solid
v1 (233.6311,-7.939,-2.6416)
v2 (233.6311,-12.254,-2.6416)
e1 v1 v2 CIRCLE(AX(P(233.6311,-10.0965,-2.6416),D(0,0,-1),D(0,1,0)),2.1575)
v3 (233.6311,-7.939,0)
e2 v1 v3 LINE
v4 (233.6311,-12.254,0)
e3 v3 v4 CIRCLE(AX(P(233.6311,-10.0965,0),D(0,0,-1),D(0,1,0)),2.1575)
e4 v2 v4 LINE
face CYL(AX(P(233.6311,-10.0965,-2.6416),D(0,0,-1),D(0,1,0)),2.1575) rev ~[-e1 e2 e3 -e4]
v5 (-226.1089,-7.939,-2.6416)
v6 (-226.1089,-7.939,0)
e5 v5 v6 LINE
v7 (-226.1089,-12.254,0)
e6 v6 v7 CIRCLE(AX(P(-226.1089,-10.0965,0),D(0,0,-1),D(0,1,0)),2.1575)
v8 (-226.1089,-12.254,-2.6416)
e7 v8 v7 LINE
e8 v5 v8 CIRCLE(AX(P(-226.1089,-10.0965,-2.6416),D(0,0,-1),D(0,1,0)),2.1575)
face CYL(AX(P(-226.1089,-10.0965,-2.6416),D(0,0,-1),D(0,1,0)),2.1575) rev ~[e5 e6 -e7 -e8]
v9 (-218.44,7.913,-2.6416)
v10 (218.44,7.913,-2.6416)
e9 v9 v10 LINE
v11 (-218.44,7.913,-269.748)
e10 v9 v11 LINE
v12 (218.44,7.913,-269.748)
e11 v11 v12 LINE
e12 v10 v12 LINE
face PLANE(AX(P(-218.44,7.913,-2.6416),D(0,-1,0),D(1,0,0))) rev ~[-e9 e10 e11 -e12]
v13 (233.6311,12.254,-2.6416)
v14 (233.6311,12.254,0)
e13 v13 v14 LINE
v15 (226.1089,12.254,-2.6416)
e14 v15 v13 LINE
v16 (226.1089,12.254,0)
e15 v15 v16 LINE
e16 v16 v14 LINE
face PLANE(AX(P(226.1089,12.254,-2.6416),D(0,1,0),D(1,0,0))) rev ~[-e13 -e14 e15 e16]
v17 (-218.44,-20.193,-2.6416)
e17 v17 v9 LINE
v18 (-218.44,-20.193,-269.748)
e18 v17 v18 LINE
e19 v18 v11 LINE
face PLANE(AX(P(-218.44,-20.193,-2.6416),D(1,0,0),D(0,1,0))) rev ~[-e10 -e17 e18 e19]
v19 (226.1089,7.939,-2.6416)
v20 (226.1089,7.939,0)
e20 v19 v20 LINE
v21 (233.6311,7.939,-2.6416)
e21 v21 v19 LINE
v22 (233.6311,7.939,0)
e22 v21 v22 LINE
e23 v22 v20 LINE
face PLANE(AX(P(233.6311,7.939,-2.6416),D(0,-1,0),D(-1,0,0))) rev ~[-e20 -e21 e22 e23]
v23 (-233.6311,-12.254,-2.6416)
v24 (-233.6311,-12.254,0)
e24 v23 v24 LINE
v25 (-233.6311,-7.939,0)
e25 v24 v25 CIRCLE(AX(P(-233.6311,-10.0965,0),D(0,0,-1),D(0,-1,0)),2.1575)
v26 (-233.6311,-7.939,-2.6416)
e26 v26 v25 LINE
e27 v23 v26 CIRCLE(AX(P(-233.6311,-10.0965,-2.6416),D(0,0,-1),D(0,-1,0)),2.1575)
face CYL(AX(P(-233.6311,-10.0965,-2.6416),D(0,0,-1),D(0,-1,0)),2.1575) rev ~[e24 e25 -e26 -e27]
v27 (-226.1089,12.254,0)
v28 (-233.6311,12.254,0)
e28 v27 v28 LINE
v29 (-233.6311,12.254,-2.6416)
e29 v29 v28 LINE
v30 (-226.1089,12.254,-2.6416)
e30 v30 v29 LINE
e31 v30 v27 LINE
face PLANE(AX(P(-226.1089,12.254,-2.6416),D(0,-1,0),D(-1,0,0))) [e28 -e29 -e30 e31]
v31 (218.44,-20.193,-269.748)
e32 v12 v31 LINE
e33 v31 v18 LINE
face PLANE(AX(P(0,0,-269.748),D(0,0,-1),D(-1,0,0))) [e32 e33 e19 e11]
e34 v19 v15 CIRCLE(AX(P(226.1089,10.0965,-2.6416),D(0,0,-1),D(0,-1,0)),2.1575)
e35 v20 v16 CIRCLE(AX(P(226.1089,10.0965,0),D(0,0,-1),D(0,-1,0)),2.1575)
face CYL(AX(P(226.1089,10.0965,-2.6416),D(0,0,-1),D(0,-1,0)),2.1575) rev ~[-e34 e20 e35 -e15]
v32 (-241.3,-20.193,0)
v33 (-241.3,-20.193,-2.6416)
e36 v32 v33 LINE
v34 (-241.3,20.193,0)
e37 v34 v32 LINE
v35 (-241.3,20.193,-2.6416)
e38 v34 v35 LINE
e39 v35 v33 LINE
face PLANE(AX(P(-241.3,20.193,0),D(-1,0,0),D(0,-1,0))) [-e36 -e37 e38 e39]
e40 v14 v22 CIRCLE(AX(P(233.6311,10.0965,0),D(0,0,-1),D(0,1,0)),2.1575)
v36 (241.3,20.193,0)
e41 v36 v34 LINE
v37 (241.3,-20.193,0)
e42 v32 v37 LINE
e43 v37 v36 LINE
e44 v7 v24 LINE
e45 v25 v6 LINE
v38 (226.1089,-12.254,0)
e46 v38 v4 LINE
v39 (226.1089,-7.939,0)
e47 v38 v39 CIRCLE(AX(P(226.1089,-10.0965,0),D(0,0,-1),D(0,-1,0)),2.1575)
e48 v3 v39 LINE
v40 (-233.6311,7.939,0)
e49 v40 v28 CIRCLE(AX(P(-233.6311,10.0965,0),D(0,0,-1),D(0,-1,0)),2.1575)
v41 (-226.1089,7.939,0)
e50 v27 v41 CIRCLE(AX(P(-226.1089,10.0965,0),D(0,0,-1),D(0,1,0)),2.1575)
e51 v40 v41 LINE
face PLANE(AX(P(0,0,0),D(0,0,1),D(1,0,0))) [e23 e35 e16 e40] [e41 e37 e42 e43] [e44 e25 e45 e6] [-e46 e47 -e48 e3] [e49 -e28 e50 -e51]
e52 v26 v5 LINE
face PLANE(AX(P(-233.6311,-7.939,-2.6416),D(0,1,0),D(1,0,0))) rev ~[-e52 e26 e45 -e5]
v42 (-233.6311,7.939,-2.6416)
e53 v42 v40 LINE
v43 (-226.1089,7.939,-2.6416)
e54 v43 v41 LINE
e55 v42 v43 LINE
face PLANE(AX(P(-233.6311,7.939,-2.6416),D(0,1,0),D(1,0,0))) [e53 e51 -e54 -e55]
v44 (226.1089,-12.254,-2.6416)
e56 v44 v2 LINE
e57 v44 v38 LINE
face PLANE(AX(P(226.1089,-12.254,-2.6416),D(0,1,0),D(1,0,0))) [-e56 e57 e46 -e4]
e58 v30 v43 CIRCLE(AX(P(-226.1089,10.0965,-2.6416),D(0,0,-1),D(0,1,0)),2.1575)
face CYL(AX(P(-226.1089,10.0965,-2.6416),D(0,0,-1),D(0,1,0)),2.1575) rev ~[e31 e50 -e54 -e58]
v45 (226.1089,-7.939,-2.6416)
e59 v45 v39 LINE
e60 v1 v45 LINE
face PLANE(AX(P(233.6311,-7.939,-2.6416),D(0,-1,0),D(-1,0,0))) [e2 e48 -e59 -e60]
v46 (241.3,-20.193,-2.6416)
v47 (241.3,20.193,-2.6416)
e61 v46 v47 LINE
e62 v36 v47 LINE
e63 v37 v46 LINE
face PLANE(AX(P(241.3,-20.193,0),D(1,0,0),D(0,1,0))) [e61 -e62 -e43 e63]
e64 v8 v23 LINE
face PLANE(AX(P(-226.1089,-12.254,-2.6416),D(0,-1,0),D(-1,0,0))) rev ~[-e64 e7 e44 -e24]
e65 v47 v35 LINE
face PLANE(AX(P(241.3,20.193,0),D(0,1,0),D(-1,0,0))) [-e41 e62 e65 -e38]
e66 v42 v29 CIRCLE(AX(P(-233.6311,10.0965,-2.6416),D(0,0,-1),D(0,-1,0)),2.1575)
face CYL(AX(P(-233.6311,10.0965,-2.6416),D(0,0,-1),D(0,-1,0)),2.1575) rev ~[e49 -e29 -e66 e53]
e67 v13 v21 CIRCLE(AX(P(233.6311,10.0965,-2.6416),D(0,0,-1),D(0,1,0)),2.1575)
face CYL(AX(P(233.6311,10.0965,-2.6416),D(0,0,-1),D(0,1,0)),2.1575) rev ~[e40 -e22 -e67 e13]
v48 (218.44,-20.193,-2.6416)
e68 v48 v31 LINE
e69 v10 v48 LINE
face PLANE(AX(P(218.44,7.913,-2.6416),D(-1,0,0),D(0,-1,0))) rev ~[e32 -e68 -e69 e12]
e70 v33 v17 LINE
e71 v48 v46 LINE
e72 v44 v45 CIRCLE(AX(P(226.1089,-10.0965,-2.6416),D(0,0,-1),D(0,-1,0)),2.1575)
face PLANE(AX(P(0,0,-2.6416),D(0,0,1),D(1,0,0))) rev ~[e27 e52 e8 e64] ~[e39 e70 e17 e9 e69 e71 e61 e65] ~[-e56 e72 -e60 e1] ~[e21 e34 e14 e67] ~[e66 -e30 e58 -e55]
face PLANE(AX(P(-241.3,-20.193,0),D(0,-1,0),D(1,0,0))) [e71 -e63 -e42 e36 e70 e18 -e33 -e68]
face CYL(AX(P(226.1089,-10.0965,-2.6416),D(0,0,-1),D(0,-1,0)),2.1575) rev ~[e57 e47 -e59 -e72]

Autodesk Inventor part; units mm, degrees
ref_plane "YZ Plane" through (0, 0, 0) normal (1, 0, 0) x (0, 1, 0)
ref_plane "XZ Plane" through (0, 0, 0) normal (0, 1, 0) x (-1, 0, 0)
ref_plane "XY Plane" through (0, 0, 0) normal (0, 0, 1) x (1, 0, 0)
sketch "Sketch1" plane through (0, 0, 0) normal (0, 0, 1) x (1, 0, 0)
  line L0 (-241.3, -20.193) -> (241.3, -20.193)
  line L1 (241.3, -20.193) -> (241.3, 20.193)
  line L2 (241.3, 20.193) -> (-241.3, 20.193)
  line L3 (-241.3, 20.193) -> (-241.3, -20.193)
  line L4 (-241.3, -20.193) -> (241.3, 20.193) construction
  line L5 (241.3, -20.193) -> (-241.3, 20.193) construction
  point P0 (0, 0)
  dimension "d0" = 482.6
  dimension "d1" = 40.386
extrude "Extrusion1" add sketch "Sketch1" against normal blind 2.6416
sketch "Sketch2" plane through (0, 0, -2.6416) normal (0, 0, -1) x (-1, 0, 0)
  line L0 (-241.3, -20.193) -> (241.3, -20.193) projected
  line L1 (-218.44, -20.193) -> (218.44, -20.193)
  line L2 (218.44, -20.193) -> (218.44, 7.913)
  line L3 (218.44, 7.913) -> (-218.44, 7.913)
  line L4 (-218.44, 7.913) -> (-218.44, -20.193)
  line L5 (0, -20.193) -> (0, 20.193) construction
  line L6 (241.3, 20.193) -> (-241.3, 20.193) projected
  point P0 (0, 0)
  dimension "d4" = 436.88
extrude "Extrusion2" add sketch "Sketch2" along normal blind 267.1064
sketch "Sketch3" plane through (0, 0, -2.6416) normal (0, 0, -1) x (-1, 0, 0)
  line L0 (-241.3, -20.193) -> (-218.44, -20.193) projected
  line L1 (-229.87, -20.193) -> (-229.87, 20.193) construction
  line L2 (229.87, -20.193) -> (229.87, 20.193) construction
  line L3 (241.3, -20.193) -> (241.3, 20.193) construction
  line L4 (241.3, 20.193) -> (-241.3, 20.193) construction
  line L5 (218.44, -20.193) -> (241.3, -20.193) construction
  line L6 (-233.6311, 10.0965) -> (-226.1089, 10.0965) construction
  line L7 (-233.6311, 7.939) -> (-226.1089, 7.939)
  line L8 (-226.1089, 12.254) -> (-233.6311, 12.254)
  arc A0 (-233.6311, 12.254) -> (-233.6311, 7.939) centre (-233.6311, 10.0965) ccw
  arc A1 (-226.1089, 7.939) -> (-226.1089, 12.254) centre (-226.1089, 10.0965) ccw
  line L9 (-241.3, 0) -> (241.3, 0) construction
  line L10 (-241.3, 20.193) -> (-241.3, -20.193) projected
  line L11 (-233.6311, -10.0965) -> (-226.1089, -10.0965) construction
  line L12 (-233.6311, -7.939) -> (-226.1089, -7.939)
  line L13 (-226.1089, -12.254) -> (-233.6311, -12.254)
  arc A2 (-233.6311, -7.939) -> (-233.6311, -12.254) centre (-233.6311, -10.0965) ccw
  arc A3 (-226.1089, -12.254) -> (-226.1089, -7.939) centre (-226.1089, -10.0965) ccw
  line L14 (0, 20.193) -> (0, -20.193) construction
  line L15 (-218.44, -20.193) -> (218.44, -20.193) projected
  line L16 (233.6311, 10.0965) -> (226.1089, 10.0965) construction
  line L17 (233.6311, 7.939) -> (226.1089, 7.939)
  line L18 (226.1089, 12.254) -> (233.6311, 12.254)
  arc A4 (233.6311, 7.939) -> (233.6311, 12.254) centre (233.6311, 10.0965) ccw
  arc A5 (226.1089, 12.254) -> (226.1089, 7.939) centre (226.1089, 10.0965) ccw
  arc A6 (226.1089, -7.939) -> (226.1089, -12.254) centre (226.1089, -10.0965) ccw
  line L19 (233.6311, -10.0965) -> (226.1089, -10.0965) construction
  line L20 (233.6311, -7.939) -> (226.1089, -7.939)
  line L21 (226.1089, -12.254) -> (233.6311, -12.254)
  arc A7 (233.6311, -12.254) -> (233.6311, -7.939) centre (233.6311, -10.0965) ccw
  point P0 (0, 0)
  point P1 (-229.87, 10.0965)
  point P2 (-229.87, -10.0965)
  point P3 (229.87, 10.0965)
  point P4 (229.87, -10.0965)
  dimension "d7" = 11.43
  dimension "d8" = 10.0965
extrude "Extrusion3" cut sketch "Sketch3" against normal up to surface (2.6416 mm away)
properties part number "PatchPanel_rep"
